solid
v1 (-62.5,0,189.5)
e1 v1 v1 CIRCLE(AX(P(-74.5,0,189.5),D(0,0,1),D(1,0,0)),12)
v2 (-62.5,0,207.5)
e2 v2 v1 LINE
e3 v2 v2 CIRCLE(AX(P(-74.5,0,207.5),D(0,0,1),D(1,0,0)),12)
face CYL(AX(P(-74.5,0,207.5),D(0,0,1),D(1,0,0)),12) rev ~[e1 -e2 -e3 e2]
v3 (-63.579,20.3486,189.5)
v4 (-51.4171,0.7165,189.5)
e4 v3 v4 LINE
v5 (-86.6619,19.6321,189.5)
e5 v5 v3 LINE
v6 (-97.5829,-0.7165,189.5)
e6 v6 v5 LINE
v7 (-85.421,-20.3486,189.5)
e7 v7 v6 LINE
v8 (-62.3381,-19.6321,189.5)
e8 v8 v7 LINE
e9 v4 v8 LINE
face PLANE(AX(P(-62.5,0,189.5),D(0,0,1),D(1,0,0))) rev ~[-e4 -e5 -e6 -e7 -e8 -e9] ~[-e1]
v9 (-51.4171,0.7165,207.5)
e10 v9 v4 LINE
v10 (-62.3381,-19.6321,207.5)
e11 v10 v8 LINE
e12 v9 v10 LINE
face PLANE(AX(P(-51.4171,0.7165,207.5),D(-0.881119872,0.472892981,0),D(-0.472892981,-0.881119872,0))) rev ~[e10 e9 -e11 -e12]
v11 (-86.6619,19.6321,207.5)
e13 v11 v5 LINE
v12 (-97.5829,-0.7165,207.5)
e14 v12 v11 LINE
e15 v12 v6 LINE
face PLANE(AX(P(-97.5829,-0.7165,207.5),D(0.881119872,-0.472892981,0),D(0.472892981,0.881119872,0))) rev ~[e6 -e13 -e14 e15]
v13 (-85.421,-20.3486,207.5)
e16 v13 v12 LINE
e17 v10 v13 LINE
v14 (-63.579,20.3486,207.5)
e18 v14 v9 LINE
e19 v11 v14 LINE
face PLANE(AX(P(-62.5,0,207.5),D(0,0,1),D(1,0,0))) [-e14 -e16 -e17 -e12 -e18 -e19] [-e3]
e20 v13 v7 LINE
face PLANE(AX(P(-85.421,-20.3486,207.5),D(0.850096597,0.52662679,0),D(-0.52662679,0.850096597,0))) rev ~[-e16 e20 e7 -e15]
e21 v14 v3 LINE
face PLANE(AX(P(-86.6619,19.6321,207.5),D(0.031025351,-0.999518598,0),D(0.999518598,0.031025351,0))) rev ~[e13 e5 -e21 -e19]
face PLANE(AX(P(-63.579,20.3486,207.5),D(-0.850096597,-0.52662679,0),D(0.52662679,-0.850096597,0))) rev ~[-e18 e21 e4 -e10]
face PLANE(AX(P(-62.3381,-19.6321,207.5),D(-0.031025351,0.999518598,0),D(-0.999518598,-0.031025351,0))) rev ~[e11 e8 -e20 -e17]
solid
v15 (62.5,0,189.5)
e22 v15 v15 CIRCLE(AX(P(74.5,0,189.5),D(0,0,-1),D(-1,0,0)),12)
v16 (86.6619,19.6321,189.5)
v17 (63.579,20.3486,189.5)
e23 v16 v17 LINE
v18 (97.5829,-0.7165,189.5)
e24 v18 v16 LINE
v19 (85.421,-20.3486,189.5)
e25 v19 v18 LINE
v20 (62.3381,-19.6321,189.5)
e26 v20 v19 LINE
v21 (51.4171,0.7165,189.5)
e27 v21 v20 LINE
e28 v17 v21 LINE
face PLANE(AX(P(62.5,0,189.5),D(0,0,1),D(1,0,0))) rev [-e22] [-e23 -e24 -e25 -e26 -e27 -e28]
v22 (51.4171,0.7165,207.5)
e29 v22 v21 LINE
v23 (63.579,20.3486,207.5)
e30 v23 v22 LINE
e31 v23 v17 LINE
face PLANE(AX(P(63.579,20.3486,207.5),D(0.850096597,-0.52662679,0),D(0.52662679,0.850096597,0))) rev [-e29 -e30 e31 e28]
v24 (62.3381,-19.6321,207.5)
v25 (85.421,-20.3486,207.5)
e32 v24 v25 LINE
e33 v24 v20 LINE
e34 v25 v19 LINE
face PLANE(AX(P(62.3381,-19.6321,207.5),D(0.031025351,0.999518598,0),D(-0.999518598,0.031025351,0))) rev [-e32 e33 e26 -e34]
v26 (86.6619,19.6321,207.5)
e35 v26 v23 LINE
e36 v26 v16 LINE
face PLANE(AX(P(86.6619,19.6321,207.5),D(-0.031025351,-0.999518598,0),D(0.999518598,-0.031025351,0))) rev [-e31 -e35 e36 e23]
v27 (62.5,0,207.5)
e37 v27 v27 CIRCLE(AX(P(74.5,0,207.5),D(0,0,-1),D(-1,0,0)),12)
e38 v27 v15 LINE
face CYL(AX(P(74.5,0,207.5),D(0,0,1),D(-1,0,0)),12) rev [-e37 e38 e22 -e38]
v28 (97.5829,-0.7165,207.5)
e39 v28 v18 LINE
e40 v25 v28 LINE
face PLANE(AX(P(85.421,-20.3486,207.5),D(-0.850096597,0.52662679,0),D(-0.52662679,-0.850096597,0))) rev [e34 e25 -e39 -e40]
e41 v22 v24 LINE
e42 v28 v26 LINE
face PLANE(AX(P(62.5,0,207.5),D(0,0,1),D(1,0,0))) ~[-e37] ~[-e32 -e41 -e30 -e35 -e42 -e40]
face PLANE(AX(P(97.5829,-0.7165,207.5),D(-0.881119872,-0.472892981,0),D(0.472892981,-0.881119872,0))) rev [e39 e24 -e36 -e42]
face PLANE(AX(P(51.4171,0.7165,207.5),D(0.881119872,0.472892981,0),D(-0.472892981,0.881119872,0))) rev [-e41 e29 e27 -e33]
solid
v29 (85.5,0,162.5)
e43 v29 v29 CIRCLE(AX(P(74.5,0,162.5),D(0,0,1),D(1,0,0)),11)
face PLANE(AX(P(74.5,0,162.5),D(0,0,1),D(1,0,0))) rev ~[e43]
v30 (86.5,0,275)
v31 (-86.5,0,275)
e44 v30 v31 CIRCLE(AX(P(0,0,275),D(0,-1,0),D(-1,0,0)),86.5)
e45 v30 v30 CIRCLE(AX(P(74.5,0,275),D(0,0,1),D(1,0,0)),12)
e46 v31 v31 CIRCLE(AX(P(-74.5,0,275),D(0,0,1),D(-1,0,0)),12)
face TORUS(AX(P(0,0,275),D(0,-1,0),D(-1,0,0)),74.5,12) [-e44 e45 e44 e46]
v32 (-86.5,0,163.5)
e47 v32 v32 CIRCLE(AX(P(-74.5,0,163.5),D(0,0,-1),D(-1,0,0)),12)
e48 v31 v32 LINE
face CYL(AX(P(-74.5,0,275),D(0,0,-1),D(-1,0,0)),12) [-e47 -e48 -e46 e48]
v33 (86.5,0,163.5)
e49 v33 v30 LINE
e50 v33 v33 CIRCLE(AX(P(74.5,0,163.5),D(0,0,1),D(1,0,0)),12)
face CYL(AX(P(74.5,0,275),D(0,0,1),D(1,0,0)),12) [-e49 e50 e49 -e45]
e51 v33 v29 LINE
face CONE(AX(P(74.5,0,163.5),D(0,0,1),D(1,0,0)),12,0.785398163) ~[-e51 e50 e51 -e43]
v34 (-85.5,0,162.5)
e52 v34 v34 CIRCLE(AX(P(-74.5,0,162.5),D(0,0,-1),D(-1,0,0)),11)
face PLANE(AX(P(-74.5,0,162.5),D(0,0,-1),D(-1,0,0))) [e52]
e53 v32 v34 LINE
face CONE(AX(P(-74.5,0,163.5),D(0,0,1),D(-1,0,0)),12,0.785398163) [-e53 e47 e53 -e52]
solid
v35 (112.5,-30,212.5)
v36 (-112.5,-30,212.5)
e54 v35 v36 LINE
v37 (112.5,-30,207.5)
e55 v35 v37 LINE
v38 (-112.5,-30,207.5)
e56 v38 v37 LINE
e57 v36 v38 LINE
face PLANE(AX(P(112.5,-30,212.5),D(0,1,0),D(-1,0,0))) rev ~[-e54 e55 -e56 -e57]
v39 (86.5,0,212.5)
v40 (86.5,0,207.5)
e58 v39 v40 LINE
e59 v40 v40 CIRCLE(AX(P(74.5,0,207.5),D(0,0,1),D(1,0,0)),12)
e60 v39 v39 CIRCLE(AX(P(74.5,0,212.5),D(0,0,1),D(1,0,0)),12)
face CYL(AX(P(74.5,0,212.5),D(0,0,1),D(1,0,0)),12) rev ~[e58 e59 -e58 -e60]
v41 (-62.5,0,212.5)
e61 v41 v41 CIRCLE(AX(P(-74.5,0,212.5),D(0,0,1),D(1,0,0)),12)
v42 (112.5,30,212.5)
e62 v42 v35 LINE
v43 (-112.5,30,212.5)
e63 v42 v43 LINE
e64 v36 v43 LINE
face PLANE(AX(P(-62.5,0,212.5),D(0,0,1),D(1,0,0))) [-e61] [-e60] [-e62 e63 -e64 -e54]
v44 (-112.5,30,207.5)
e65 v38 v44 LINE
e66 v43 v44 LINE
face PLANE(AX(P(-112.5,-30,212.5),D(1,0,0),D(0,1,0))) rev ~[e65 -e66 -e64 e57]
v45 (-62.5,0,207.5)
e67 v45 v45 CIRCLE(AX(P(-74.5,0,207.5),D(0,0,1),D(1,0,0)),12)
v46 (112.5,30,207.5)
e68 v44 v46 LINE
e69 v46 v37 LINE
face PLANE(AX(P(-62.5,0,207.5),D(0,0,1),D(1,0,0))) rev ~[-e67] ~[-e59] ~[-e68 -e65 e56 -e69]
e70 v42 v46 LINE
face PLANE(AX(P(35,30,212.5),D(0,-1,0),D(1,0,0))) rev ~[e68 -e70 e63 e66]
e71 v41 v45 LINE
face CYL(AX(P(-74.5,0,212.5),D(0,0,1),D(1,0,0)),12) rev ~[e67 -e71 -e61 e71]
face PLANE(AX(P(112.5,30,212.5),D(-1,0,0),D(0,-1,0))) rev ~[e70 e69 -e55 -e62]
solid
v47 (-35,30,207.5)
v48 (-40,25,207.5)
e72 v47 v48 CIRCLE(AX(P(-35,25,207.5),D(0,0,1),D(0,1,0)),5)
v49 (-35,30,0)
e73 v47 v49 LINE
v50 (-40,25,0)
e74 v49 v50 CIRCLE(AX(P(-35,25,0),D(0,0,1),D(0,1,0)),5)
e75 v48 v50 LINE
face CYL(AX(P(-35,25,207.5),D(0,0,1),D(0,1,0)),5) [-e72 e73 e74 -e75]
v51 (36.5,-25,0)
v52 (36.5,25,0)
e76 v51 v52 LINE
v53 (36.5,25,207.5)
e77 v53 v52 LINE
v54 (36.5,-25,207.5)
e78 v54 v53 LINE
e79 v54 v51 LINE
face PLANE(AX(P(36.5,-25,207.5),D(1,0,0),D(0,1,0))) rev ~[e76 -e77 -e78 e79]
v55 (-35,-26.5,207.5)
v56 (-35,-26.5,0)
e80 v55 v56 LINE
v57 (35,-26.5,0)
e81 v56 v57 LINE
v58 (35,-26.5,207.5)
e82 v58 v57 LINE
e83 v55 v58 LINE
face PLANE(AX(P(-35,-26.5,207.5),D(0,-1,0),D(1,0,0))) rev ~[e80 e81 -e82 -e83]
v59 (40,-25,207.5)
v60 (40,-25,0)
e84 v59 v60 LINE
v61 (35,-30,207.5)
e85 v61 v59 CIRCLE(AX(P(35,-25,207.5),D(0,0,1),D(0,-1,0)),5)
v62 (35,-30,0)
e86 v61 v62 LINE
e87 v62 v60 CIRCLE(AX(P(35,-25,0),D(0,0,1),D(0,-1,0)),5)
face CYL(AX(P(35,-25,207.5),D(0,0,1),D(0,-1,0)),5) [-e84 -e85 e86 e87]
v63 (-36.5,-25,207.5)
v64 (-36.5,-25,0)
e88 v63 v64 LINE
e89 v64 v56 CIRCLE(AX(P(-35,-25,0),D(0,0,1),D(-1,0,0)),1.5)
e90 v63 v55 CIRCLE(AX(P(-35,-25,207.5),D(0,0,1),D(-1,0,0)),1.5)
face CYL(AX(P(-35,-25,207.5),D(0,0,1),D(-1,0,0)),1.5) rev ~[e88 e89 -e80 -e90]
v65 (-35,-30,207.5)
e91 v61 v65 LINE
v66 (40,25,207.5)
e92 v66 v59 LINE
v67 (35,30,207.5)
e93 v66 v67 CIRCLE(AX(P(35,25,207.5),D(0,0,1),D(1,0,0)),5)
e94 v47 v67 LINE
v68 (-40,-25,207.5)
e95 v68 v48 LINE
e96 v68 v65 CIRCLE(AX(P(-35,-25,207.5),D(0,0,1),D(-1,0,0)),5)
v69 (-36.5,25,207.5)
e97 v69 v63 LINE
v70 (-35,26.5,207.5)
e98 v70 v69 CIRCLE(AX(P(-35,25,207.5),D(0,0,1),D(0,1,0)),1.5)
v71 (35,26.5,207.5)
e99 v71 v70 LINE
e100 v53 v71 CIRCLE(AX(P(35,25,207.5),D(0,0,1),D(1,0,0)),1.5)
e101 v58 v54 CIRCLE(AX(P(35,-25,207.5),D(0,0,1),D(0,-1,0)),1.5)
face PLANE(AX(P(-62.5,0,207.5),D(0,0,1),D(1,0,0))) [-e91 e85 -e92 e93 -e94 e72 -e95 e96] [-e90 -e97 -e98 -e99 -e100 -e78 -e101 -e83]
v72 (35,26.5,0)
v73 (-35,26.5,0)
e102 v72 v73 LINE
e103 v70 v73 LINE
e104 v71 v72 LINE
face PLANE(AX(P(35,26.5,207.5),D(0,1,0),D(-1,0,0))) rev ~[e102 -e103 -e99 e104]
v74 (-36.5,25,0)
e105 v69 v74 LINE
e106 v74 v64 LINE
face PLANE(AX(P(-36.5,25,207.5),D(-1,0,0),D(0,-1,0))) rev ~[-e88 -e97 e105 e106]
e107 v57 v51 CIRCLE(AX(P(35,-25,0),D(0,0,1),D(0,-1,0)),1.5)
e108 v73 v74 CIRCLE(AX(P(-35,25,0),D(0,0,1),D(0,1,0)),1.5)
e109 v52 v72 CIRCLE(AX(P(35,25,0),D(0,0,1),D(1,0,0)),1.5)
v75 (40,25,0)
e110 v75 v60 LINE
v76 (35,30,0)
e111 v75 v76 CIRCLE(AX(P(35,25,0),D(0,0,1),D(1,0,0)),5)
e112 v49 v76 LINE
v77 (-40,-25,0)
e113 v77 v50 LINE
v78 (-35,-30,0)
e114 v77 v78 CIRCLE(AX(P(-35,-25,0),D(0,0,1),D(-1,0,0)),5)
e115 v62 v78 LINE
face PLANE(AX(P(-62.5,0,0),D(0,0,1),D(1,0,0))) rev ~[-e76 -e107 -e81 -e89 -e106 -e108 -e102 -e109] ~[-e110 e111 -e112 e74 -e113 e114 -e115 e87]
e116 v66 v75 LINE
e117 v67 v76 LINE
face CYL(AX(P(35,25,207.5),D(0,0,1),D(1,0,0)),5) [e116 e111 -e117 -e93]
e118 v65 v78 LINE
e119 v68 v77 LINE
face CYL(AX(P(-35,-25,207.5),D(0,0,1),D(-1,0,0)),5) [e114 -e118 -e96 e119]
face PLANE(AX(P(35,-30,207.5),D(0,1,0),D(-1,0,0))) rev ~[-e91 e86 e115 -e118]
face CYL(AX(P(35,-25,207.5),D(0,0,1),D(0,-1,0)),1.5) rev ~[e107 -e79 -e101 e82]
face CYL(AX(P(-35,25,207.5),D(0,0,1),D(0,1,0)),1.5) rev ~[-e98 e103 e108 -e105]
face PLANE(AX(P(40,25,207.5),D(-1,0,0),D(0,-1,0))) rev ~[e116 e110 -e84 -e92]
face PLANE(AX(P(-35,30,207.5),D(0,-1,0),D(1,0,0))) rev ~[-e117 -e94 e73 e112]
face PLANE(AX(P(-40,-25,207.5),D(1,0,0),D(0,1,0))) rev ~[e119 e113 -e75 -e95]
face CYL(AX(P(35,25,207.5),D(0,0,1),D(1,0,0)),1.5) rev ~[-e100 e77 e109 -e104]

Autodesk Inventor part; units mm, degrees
ref_plane "YZ Plane" through (0, 0, 0) normal (1, 0, 0) x (0, 1, 0)
sketch "Sketch1" plane through (0, 0, 0) normal (0, 1, 0) x (-1, 0, 0)
  arc A0 (-62.5, 275) -> (62.5, 275) centre (0, 275) ccw construction
  line L0 (62.5, 212.5) -> (-62.5, 212.5) construction
  line L1 (62.5, 275) -> (62.5, 162.5)
  line L2 (-62.5, 275) -> (-62.5, 162.5)
  arc A1 (62.5, 275) -> (-62.5, 275) centre (0, 275) ccw
  line L3 (62.5, 162.5) -> (-62.5, 162.5) construction
  point P0 (0, 0)
  dimension "Thread" = 50
  dimension "d13" = 275
ref_plane "Work Plane1" through (-62.5, 0, 162.5) normal (0, 0, -1) x (-1, 0, 0)
sketch "Sketch2" plane through (-62.5, 0, 162.5) normal (0, 0, -1) x (-1, 0, 0)
  circle A0 centre (12, 0) radius 12
  point P0 (-62.5, 0)
  point P1 (0, 0)
  dimension "d2" = 24
sweep "Sweep1" add profiles "Sketch2" path "Sketch1"
thread "Thread1"
thread "Thread2"
chamfer "Chamfer1" distance 1 angle 45 4 edges at (62.5, 0, 162.5) (62.5, 0, 275) (-62.5, 0, 275) (-62.5, 0, 162.5)
ref_plane "Work Plane3" through (-62.5, 0, 212.5) normal (0, 0, 1) x (1, 0, 0)
sketch "Sketch3" plane through (-62.5, 0, 212.5) normal (0, 0, 1) x (1, 0, 0)
  line L0 (175, -30) -> (-50, -30)
  line L1 (-50, -30) -> (-50, 30)
  line L2 (-50, 30) -> (175, 30)
  line L3 (175, 30) -> (175, -30)
  line L4 (175, -30) -> (-50, 30) construction
  line L5 (-50, -30) -> (175, 30) construction
  circle A0 centre (-12, 0) radius 12 projected
  circle A1 centre (137, 0) radius 12 projected
  line L6 (97.5, -30) -> (27.5, -30)
  line L7 (22.5, -25) -> (22.5, 25)
  line L8 (27.5, 30) -> (97.5, 30)
  line L9 (102.5, 25) -> (102.5, -25)
  line L10 (102.5, -30) -> (22.5, 30) construction
  line L11 (22.5, -30) -> (102.5, 30) construction
  arc A2 (22.5, -25) -> (27.5, -30) centre (27.5, -25) ccw
  arc A3 (27.5, 30) -> (22.5, 25) centre (27.5, 25) ccw
  arc A4 (102.5, 25) -> (97.5, 30) centre (97.5, 25) ccw
  arc A5 (97.5, -30) -> (102.5, -25) centre (97.5, -25) ccw
  line L12 (26, 25) -> (26, -25)
  arc A6 (26, -25) -> (27.5, -26.5) centre (27.5, -25) ccw
  line L13 (27.5, -26.5) -> (97.5, -26.5)
  arc A7 (97.5, -26.5) -> (99, -25) centre (97.5, -25) ccw
  line L14 (99, -25) -> (99, 25)
  arc A8 (99, 25) -> (97.5, 26.5) centre (97.5, 25) ccw
  line L15 (97.5, 26.5) -> (27.5, 26.5)
  arc A9 (27.5, 26.5) -> (26, 25) centre (27.5, 25) ccw
  line L16 (0.1619, -19.6321) -> (-22.921, -20.3486)
  line L17 (-22.921, -20.3486) -> (-35.0829, -0.7165)
  line L18 (-35.0829, -0.7165) -> (-24.1619, 19.6321)
  line L19 (-24.1619, 19.6321) -> (-1.079, 20.3486)
  line L20 (-1.079, 20.3486) -> (11.0829, 0.7165)
  line L21 (11.0829, 0.7165) -> (0.1619, -19.6321)
  point P0 (62.5, 0)
  point P1 (-12, 0)
  dimension "d15" = 225
  dimension "d16" = 60
  dimension "d21" = 80
  dimension "d22" = 60
  dimension "d23" = 5
  dimension "d24" = 3.5
  dimension "d27" = 40
extrude "Extrusion1" add sketch "Sketch3" against normal blind 5 separate body contours L0 A5 L9 A4 L2 L3 | L0 A2 L7 A3 L2 A4 L9 A5 | L0 L1 L2 A3 L7 A2 | A0 | A1 | A9 L15 A8 L14 A7 L13 A6 L12 | L16 L17 L18 L19 L20 L21
extrude "Extrusion2" cut sketch "Sketch3" against normal through all contours A0 | A1 bodies 2
extrude "Extrusion3" add sketch "Sketch3" against normal up to surface (207.5 mm away) from surface at -5 separate body contours L0 A2 L7 A3 L2 A4 L9 A5
extrude "Extrusion4" add sketch "Sketch3" against normal blind 18 from surface at -5 separate body contours L16 L17 L18 L19 L20 L21
mirror "Mirror1" about plane through (0, 0, 0) normal (1, 0, 0) bodies 4
equation "\"d4\" = Thread"
equation "\"d6\" = Thread"
properties part number "Pipe Support U-Ring DN125" material "Stainless Steel"
